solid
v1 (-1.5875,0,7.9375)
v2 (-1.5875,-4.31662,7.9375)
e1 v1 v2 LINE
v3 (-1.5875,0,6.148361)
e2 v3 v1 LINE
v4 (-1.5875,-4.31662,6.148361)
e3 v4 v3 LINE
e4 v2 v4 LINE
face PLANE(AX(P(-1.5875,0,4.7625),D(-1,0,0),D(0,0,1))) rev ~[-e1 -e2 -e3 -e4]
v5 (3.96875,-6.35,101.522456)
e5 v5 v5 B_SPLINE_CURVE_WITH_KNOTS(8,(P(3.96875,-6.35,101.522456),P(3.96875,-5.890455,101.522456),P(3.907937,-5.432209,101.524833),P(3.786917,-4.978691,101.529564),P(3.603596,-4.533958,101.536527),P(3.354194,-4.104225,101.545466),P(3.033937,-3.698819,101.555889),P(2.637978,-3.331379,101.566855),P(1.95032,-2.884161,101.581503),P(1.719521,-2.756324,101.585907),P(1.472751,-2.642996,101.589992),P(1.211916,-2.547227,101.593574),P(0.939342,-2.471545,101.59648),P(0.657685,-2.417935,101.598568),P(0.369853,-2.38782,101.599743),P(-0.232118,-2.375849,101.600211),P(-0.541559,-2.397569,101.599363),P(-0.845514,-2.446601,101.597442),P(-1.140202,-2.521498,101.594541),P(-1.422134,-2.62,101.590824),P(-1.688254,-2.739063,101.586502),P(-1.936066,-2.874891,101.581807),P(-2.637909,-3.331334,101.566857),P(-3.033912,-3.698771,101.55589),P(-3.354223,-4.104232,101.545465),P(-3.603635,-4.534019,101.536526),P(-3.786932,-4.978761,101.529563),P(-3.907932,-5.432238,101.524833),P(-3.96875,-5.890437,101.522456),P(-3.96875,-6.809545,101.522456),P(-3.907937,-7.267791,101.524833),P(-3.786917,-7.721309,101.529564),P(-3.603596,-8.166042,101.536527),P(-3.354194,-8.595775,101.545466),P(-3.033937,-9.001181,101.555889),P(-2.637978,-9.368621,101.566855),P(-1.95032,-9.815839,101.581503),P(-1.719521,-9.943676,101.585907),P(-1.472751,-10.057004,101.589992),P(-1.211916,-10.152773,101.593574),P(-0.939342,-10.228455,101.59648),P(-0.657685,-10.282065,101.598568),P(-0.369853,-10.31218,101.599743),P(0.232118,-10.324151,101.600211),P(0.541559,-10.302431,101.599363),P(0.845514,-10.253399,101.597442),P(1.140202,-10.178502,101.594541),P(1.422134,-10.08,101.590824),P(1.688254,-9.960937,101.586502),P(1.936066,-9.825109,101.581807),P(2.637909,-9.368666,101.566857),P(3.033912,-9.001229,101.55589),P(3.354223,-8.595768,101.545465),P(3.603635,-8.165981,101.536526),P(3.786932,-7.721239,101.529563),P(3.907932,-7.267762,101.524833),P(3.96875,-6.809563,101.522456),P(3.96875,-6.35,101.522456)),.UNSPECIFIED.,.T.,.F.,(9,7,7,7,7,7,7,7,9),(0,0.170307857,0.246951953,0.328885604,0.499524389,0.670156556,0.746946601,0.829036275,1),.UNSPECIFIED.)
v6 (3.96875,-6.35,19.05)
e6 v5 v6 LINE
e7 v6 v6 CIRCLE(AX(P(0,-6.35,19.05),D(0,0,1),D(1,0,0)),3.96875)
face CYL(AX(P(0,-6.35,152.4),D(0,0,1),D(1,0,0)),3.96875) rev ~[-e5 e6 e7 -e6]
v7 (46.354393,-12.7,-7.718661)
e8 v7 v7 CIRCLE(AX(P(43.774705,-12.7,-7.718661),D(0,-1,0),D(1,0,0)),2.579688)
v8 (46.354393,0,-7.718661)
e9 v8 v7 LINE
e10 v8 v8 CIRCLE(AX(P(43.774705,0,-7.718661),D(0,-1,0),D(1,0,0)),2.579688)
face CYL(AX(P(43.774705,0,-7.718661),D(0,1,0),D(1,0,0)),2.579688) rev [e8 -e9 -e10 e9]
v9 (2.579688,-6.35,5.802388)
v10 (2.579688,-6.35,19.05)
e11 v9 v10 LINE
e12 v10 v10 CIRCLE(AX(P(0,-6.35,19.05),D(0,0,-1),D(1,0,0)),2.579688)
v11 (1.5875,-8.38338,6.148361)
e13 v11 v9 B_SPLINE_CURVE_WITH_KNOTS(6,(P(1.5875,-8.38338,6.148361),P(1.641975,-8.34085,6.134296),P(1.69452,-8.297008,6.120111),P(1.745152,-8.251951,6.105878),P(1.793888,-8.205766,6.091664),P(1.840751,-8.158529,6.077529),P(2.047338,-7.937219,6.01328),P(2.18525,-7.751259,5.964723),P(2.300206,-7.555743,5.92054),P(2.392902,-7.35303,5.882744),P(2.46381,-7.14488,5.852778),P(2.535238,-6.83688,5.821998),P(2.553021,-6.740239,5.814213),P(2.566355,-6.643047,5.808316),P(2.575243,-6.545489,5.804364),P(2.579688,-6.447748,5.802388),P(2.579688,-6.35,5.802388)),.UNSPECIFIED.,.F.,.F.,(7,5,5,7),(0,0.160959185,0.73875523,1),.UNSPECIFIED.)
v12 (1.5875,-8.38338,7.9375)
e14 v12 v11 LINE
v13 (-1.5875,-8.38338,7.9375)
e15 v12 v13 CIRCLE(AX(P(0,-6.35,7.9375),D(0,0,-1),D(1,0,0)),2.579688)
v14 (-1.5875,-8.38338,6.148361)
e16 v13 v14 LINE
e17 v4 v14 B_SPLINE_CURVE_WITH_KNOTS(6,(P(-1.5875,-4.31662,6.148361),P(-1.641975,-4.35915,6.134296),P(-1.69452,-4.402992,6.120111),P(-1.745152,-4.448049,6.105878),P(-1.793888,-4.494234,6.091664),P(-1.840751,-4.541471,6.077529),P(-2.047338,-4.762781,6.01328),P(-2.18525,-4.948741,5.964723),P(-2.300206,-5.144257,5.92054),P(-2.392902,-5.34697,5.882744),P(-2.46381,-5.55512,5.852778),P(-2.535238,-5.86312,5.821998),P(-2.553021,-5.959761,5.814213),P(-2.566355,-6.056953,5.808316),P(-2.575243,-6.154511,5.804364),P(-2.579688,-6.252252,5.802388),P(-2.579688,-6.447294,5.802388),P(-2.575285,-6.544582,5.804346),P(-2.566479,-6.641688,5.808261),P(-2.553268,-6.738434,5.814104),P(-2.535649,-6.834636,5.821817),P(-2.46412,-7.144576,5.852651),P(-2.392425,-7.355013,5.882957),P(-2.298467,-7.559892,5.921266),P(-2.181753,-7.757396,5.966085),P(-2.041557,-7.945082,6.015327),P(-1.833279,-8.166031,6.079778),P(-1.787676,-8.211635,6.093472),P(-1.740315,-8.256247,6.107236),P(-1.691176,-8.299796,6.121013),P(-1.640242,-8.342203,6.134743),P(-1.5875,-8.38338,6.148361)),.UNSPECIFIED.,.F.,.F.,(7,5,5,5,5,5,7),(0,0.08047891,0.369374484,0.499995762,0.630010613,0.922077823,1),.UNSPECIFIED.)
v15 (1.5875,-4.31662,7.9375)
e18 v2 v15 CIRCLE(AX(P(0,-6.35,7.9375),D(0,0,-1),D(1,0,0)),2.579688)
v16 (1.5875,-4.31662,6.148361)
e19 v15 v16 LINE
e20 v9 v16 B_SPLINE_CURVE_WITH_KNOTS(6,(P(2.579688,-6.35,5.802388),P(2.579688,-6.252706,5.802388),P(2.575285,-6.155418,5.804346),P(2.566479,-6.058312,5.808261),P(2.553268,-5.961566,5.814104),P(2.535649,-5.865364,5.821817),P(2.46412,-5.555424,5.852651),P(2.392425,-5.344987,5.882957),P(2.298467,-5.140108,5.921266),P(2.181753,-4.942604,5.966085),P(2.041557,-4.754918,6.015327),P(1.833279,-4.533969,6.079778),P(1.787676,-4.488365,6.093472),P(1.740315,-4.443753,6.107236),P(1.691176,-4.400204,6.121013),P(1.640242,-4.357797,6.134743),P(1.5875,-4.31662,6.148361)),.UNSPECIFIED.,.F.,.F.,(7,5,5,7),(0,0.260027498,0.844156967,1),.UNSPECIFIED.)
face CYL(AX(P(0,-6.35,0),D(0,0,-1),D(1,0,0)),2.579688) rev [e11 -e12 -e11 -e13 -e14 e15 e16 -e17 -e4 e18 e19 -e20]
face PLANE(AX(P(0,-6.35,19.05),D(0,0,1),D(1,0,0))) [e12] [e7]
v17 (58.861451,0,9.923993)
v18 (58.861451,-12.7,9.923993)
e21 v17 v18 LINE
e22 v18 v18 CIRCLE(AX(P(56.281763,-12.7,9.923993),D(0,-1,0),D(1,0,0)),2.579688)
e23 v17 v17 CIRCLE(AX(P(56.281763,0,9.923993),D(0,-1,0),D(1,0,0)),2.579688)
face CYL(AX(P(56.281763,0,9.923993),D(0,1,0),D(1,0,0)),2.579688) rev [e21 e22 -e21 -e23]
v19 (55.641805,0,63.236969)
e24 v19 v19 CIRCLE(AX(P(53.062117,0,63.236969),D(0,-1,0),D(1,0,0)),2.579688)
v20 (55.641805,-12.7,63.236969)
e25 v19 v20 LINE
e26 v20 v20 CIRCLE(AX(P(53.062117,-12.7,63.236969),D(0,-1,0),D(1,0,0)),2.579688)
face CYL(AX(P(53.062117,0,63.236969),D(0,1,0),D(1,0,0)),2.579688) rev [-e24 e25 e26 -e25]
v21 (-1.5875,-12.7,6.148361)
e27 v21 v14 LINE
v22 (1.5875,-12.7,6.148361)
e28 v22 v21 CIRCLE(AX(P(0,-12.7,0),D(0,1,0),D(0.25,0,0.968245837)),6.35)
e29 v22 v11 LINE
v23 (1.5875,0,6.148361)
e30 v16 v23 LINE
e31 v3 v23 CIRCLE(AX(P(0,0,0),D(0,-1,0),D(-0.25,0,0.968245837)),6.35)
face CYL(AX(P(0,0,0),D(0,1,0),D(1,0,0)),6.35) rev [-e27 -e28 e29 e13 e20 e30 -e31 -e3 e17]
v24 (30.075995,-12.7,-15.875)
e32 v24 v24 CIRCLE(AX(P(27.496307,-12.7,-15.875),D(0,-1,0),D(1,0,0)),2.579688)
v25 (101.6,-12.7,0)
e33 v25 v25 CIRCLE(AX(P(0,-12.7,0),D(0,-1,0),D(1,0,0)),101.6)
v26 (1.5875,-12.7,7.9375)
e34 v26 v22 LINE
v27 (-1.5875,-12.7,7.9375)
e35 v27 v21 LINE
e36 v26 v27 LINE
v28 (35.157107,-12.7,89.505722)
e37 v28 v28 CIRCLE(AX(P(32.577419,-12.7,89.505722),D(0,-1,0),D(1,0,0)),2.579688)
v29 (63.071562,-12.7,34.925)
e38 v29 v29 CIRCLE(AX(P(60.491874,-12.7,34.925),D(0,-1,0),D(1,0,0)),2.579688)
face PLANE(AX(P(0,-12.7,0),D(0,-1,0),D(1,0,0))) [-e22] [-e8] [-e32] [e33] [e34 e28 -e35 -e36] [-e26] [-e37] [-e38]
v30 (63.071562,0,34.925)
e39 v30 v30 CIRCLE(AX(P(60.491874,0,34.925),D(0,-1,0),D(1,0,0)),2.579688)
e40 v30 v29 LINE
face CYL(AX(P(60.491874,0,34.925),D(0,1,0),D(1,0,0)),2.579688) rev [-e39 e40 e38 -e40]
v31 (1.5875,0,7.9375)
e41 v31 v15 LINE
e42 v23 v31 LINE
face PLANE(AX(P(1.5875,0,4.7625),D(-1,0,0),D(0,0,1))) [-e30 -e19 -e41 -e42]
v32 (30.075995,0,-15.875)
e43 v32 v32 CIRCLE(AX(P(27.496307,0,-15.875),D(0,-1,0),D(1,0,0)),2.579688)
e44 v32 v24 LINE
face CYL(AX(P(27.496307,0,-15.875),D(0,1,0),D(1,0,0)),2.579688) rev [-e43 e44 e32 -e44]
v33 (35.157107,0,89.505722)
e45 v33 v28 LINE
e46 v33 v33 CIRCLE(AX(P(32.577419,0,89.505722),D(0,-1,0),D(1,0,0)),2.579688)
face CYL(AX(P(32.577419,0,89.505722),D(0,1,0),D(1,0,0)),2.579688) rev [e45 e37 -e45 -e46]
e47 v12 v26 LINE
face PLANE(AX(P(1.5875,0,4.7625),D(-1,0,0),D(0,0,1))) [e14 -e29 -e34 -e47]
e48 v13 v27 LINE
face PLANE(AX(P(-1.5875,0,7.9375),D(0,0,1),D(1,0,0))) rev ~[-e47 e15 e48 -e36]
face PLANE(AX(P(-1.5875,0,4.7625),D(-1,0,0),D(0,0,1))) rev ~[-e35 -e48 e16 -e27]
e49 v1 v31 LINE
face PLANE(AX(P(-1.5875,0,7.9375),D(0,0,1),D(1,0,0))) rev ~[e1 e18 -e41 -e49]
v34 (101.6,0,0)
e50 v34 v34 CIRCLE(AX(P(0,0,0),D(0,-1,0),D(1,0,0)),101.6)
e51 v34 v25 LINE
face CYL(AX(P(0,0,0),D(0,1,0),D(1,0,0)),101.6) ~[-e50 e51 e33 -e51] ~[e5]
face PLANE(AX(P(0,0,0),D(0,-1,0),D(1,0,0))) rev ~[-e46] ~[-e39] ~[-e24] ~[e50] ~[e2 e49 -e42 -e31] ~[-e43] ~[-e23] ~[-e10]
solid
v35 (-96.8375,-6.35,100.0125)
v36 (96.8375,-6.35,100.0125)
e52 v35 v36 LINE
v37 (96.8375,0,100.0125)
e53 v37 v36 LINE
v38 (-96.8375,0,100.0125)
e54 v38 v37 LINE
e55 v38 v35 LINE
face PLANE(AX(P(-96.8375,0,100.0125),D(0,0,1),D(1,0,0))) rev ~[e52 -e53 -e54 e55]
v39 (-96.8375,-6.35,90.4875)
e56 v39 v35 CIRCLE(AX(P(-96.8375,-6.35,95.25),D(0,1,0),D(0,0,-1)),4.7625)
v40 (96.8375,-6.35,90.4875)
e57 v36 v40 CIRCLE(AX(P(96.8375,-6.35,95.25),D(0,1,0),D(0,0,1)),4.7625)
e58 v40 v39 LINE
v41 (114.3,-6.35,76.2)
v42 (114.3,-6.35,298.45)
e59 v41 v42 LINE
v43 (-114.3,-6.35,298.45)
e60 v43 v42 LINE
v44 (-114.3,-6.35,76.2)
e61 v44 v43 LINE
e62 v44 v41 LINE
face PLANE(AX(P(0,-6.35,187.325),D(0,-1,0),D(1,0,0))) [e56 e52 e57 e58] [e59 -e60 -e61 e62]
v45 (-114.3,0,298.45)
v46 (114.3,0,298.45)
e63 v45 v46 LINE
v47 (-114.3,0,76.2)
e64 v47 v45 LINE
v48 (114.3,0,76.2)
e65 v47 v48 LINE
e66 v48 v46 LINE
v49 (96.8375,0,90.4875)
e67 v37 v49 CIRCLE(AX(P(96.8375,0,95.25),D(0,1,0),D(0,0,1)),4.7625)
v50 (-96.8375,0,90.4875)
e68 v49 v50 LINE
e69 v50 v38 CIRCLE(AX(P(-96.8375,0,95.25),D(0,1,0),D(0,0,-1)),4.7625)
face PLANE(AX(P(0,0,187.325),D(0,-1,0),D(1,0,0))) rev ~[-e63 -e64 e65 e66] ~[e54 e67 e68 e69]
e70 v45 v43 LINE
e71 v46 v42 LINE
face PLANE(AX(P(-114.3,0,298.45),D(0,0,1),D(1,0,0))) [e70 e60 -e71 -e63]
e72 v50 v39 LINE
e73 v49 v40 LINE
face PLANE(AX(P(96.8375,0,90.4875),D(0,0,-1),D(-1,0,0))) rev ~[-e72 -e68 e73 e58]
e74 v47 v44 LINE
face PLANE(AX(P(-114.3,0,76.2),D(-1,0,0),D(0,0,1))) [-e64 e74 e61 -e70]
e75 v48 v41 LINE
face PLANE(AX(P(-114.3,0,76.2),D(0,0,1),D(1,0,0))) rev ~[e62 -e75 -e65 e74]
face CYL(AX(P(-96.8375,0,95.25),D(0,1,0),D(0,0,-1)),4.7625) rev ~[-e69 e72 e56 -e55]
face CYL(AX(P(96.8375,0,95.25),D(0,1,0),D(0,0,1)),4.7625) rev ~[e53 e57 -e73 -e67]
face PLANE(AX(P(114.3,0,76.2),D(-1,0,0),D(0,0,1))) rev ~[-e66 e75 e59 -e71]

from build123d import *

# Parameters (mm, degrees)
F0_R      = 101.6
F0_R_2    = 6.35
F1_DEPTH  = 12.7
F2_W      = 3.175
F2_H      = 3.175
F3_DEPTH  = 12.701
F4_R      = 2.579688
F5_DEPTH  = 12.7
F6_R      = 2.579688
F7_DEPTH  = 25.4
F9_R      = 3.96875
F10_DEPTH = 133.35
F11_W     = 228.6
F11_H     = 222.25
F12_DEPTH = 6.35


with BuildPart() as f1:
    # F0 (on Front) → F1 (new body)
    with BuildSketch(Plane.XZ):
        Circle(F0_R)
        Circle(F0_R_2, mode=Mode.SUBTRACT)
    extrude(amount=F1_DEPTH)

    # F2 (on Front) → F3 (cut, through all)
    with BuildSketch(Plane.XZ):
        with Locations((0, 6.35)):
            Rectangle(F2_W, F2_H)
    extrude(amount=F3_DEPTH, mode=Mode.SUBTRACT)

    # F4 (on Front) → F5 (cut, through all)
    with BuildSketch(Plane.XZ):
        with Locations((32.577419, 89.505722)):
            Circle(F4_R)
        with Locations((53.062117, 63.236969)):
            Circle(F4_R)
        with Locations((60.491874, 34.925)):
            Circle(F4_R)
        with Locations((56.281763, 9.923993)):
            Circle(F4_R)
        with Locations((43.774705, -7.718661)):
            Circle(F4_R)
        with Locations((27.496307, -15.875)):
            Circle(F4_R)
    extrude(amount=F5_DEPTH, mode=Mode.SUBTRACT)

    # F6 (on Top) → F7 (cut)
    with BuildSketch(Plane.XY):
        with Locations((0, -6.35)):
            Circle(F6_R)
    extrude(amount=F7_DEPTH, mode=Mode.SUBTRACT)

    # F9 (on offset) → F10 (cut)
    with BuildSketch(Plane.XY.offset(152.4)):
        with Locations((0, -6.35)):
            Circle(F9_R)
    extrude(amount=-F10_DEPTH, mode=Mode.SUBTRACT)


with BuildPart() as f12:
    # F11 (on Front) → F12 (new body)
    with BuildSketch(Plane.XZ):
        with Locations((0, 187.325)):
            Rectangle(F11_W, F11_H)
        with BuildLine():
            ThreePointArc((96.8375, 100.0125), (101.6, 95.25), (96.8375, 90.4875))
            Line((96.8375, 90.4875), (-96.8375, 90.4875))
            ThreePointArc((-96.8375, 90.4875), (-101.6, 95.25), (-96.8375, 100.0125))
            Line((-96.8375, 100.0125), (96.8375, 100.0125))
        make_face(mode=Mode.SUBTRACT)
    extrude(amount=F12_DEPTH)


solid = Compound([f1.part, f12.part])
